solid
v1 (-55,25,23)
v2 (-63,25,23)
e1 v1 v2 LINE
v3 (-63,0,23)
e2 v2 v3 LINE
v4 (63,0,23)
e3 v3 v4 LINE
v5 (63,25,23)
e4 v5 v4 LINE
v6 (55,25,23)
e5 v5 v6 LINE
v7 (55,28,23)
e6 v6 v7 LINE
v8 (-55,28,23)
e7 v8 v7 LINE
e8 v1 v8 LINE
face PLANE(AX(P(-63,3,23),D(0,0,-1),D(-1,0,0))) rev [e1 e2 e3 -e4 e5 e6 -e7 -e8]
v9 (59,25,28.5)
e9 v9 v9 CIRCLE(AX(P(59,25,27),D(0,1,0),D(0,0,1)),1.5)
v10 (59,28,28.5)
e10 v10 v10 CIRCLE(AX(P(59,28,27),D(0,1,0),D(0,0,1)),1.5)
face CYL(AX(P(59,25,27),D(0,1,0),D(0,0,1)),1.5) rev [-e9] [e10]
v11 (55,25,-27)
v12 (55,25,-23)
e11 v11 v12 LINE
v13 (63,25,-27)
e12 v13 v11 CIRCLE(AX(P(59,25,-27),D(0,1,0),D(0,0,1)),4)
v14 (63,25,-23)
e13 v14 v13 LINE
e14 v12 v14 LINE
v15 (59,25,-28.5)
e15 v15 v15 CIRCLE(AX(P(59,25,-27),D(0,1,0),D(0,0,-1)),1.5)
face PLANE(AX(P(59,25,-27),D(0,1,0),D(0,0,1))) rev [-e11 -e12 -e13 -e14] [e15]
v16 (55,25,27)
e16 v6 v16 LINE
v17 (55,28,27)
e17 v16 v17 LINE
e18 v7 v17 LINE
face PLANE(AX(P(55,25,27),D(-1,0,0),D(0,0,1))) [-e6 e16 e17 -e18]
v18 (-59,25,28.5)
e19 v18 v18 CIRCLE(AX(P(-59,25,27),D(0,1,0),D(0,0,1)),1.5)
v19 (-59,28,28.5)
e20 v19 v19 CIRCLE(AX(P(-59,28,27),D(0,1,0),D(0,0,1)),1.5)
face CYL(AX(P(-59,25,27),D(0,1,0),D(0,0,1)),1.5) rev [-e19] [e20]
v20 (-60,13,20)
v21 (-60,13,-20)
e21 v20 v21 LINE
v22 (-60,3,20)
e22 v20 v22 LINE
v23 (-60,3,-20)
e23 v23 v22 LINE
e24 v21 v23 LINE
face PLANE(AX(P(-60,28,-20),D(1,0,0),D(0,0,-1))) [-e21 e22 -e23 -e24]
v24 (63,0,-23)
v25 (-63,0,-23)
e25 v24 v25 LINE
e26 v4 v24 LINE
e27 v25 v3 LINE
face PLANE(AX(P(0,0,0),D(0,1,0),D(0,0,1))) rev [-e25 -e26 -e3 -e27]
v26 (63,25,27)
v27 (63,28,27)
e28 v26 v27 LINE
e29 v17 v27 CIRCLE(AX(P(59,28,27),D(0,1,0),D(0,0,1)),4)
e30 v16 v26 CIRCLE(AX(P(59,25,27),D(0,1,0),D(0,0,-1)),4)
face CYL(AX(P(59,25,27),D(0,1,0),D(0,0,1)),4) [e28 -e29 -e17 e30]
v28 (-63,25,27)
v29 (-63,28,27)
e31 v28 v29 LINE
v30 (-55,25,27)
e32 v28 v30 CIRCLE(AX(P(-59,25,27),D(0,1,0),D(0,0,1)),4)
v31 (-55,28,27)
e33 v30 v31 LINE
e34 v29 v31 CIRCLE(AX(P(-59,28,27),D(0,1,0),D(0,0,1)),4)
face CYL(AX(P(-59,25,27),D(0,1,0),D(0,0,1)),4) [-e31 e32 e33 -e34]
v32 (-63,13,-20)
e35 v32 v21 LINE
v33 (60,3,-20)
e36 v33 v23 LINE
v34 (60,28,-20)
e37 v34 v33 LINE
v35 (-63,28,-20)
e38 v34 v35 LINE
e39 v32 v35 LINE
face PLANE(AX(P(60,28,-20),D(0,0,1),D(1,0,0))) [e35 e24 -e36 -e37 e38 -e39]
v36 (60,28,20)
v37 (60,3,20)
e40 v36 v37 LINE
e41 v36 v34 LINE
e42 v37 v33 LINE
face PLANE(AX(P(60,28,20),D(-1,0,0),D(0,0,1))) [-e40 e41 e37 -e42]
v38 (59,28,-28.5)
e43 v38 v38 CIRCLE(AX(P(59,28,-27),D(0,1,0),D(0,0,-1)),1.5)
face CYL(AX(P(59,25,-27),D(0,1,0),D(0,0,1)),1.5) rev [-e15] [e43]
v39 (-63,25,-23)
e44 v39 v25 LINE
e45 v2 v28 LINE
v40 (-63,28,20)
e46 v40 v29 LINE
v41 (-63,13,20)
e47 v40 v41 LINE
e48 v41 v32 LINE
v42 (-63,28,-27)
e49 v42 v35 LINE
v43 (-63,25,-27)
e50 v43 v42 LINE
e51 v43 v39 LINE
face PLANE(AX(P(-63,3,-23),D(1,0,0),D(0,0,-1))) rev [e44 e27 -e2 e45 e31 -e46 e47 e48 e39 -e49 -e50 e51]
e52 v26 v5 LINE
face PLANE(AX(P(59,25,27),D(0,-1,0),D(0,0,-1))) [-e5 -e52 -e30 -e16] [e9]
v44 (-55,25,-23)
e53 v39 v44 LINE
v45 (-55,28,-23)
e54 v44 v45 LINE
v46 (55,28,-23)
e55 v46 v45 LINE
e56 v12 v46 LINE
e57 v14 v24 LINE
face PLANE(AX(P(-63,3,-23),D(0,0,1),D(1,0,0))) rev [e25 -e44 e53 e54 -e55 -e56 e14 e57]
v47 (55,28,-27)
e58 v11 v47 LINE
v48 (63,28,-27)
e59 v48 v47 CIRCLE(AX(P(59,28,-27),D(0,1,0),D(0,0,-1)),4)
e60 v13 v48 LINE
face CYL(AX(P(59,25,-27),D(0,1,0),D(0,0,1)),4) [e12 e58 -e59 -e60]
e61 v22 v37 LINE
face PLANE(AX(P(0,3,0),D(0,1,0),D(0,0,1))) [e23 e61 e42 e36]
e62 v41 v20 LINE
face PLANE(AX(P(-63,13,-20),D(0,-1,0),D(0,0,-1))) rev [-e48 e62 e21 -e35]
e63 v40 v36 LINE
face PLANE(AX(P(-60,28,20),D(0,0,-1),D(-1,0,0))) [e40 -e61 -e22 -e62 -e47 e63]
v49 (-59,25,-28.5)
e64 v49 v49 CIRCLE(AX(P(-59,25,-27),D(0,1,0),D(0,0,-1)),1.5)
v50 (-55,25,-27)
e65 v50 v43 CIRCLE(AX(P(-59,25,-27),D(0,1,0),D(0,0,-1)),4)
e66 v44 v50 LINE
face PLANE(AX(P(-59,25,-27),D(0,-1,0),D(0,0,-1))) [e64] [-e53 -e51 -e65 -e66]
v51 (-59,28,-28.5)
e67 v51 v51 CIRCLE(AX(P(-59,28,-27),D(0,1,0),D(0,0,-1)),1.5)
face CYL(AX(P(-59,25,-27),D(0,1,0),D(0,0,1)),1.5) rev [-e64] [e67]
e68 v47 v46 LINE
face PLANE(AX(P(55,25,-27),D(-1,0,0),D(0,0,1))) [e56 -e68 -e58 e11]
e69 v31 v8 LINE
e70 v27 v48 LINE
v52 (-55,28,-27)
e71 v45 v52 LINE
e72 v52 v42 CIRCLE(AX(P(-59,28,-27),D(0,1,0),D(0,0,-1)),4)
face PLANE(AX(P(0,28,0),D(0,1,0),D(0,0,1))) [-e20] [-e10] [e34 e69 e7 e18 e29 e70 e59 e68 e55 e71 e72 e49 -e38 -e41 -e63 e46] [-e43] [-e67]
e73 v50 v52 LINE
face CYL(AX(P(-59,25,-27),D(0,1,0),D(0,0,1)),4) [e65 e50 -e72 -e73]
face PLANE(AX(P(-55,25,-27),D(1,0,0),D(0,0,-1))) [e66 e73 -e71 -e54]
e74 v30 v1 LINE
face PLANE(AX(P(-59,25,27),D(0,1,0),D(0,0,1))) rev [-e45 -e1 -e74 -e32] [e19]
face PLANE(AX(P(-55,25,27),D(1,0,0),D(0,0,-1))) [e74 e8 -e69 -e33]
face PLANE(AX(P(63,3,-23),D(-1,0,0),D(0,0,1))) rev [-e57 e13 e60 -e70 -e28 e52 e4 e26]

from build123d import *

# Parameters (mm, degrees)
SKETCH1_W      = 126
SKETCH1_H      = 46
EXTRUDE1_DEPTH = 3
SKETCH2_W      = 126
SKETCH2_H      = 46
SKETCH2_W_2    = 120
SKETCH2_H_2    = 40
EXTRUDE2_DEPTH = 25
SKETCH3_R      = 1.5
EXTRUDE3_DEPTH = 3
SKETCH4_W      = 40
SKETCH4_H      = 15
EXTRUDE4_DEPTH = 3


with BuildPart() as part:
    # Sketch1 → Extrude1 (new body)
    with BuildSketch(Plane(origin=(0, 0, 0), x_dir=(1, 0, 0), z_dir=(0, 1, 0))):
        Rectangle(SKETCH1_W, SKETCH1_H)
    extrude(amount=EXTRUDE1_DEPTH)

    # Sketch2 → Extrude2 (add)
    with BuildSketch(Plane(origin=(0, 3, 0), x_dir=(1, 0, 0), z_dir=(0, 1, 0))):
        Rectangle(SKETCH2_W, SKETCH2_H)
        Rectangle(SKETCH2_W_2, SKETCH2_H_2, mode=Mode.SUBTRACT)
    extrude(amount=EXTRUDE2_DEPTH)

    # Sketch3 → Extrude3 (add)
    # profile 1 of 4: a face of its own
    with BuildSketch(Plane(origin=(0, 28, 0), x_dir=(1, 0, 0), z_dir=(0, 1, 0))):
        with BuildLine():
            Line((63, -23), (63, -27))
            ThreePointArc((63, -27), (61.828427125, -29.828427125), (59, -31))
            ThreePointArc((59, -31), (56.171572875, -29.828427125), (55, -27))
            Line((55, -27), (55, -23))
            Line((55, -23), (63, -23))
        make_face()
        with Locations(Location((59, -27, 0), (0, 0, 270))):
            Circle(SKETCH3_R, mode=Mode.SUBTRACT)
    # profile 2 of 4: a face of its own
    with BuildSketch(Plane(origin=(0, 28, 0), x_dir=(1, 0, 0), z_dir=(0, 1, 0))):
        with BuildLine():
            Line((-63, -23), (-55, -23))
            Line((-55, -23), (-55, -27))
            ThreePointArc((-55, -27), (-56.171572875, -29.828427125), (-59, -31))
            ThreePointArc((-59, -31), (-61.828427125, -29.828427125), (-63, -27))
            Line((-63, -27), (-63, -23))
        make_face()
        with Locations(Location((-59, -27, 0), (0, 0, 270))):
            Circle(SKETCH3_R, mode=Mode.SUBTRACT)
    # profile 3 of 4: a face of its own
    with BuildSketch(Plane(origin=(0, 28, 0), x_dir=(1, 0, 0), z_dir=(0, 1, 0))):
        with BuildLine():
            Line((55, 27), (55, 23))
            Line((55, 23), (63, 23))
            Line((63, 23), (63, 27))
            ThreePointArc((63, 27), (61.828427125, 29.828427125), (59, 31))
            ThreePointArc((59, 31), (56.171572875, 29.828427125), (55, 27))
        make_face()
        with Locations(Location((59, 27, 0), (0, 0, 90))):
            Circle(SKETCH3_R, mode=Mode.SUBTRACT)
    # profile 4 of 4: a face of its own
    with BuildSketch(Plane(origin=(0, 28, 0), x_dir=(1, 0, 0), z_dir=(0, 1, 0))):
        with BuildLine():
            Line((-55, 27), (-55, 23))
            Line((-55, 23), (-63, 23))
            Line((-63, 23), (-63, 27))
            ThreePointArc((-63, 27), (-61.828427125, 29.828427125), (-59, 31))
            ThreePointArc((-59, 31), (-56.171572875, 29.828427125), (-55, 27))
        make_face()
        with Locations(Location((-59, 27, 0), (0, 0, 90))):
            Circle(SKETCH3_R, mode=Mode.SUBTRACT)
    extrude(amount=-EXTRUDE3_DEPTH)

    # Sketch4 → Extrude4 (cut)
    with BuildSketch(Plane(origin=(-60, 0, 0), x_dir=(0, 0, -1), z_dir=(1, 0, 0))):
        with Locations((0, 20.5)):
            Rectangle(SKETCH4_W, SKETCH4_H)
    extrude(amount=-EXTRUDE4_DEPTH, mode=Mode.SUBTRACT)


solid = part.part
